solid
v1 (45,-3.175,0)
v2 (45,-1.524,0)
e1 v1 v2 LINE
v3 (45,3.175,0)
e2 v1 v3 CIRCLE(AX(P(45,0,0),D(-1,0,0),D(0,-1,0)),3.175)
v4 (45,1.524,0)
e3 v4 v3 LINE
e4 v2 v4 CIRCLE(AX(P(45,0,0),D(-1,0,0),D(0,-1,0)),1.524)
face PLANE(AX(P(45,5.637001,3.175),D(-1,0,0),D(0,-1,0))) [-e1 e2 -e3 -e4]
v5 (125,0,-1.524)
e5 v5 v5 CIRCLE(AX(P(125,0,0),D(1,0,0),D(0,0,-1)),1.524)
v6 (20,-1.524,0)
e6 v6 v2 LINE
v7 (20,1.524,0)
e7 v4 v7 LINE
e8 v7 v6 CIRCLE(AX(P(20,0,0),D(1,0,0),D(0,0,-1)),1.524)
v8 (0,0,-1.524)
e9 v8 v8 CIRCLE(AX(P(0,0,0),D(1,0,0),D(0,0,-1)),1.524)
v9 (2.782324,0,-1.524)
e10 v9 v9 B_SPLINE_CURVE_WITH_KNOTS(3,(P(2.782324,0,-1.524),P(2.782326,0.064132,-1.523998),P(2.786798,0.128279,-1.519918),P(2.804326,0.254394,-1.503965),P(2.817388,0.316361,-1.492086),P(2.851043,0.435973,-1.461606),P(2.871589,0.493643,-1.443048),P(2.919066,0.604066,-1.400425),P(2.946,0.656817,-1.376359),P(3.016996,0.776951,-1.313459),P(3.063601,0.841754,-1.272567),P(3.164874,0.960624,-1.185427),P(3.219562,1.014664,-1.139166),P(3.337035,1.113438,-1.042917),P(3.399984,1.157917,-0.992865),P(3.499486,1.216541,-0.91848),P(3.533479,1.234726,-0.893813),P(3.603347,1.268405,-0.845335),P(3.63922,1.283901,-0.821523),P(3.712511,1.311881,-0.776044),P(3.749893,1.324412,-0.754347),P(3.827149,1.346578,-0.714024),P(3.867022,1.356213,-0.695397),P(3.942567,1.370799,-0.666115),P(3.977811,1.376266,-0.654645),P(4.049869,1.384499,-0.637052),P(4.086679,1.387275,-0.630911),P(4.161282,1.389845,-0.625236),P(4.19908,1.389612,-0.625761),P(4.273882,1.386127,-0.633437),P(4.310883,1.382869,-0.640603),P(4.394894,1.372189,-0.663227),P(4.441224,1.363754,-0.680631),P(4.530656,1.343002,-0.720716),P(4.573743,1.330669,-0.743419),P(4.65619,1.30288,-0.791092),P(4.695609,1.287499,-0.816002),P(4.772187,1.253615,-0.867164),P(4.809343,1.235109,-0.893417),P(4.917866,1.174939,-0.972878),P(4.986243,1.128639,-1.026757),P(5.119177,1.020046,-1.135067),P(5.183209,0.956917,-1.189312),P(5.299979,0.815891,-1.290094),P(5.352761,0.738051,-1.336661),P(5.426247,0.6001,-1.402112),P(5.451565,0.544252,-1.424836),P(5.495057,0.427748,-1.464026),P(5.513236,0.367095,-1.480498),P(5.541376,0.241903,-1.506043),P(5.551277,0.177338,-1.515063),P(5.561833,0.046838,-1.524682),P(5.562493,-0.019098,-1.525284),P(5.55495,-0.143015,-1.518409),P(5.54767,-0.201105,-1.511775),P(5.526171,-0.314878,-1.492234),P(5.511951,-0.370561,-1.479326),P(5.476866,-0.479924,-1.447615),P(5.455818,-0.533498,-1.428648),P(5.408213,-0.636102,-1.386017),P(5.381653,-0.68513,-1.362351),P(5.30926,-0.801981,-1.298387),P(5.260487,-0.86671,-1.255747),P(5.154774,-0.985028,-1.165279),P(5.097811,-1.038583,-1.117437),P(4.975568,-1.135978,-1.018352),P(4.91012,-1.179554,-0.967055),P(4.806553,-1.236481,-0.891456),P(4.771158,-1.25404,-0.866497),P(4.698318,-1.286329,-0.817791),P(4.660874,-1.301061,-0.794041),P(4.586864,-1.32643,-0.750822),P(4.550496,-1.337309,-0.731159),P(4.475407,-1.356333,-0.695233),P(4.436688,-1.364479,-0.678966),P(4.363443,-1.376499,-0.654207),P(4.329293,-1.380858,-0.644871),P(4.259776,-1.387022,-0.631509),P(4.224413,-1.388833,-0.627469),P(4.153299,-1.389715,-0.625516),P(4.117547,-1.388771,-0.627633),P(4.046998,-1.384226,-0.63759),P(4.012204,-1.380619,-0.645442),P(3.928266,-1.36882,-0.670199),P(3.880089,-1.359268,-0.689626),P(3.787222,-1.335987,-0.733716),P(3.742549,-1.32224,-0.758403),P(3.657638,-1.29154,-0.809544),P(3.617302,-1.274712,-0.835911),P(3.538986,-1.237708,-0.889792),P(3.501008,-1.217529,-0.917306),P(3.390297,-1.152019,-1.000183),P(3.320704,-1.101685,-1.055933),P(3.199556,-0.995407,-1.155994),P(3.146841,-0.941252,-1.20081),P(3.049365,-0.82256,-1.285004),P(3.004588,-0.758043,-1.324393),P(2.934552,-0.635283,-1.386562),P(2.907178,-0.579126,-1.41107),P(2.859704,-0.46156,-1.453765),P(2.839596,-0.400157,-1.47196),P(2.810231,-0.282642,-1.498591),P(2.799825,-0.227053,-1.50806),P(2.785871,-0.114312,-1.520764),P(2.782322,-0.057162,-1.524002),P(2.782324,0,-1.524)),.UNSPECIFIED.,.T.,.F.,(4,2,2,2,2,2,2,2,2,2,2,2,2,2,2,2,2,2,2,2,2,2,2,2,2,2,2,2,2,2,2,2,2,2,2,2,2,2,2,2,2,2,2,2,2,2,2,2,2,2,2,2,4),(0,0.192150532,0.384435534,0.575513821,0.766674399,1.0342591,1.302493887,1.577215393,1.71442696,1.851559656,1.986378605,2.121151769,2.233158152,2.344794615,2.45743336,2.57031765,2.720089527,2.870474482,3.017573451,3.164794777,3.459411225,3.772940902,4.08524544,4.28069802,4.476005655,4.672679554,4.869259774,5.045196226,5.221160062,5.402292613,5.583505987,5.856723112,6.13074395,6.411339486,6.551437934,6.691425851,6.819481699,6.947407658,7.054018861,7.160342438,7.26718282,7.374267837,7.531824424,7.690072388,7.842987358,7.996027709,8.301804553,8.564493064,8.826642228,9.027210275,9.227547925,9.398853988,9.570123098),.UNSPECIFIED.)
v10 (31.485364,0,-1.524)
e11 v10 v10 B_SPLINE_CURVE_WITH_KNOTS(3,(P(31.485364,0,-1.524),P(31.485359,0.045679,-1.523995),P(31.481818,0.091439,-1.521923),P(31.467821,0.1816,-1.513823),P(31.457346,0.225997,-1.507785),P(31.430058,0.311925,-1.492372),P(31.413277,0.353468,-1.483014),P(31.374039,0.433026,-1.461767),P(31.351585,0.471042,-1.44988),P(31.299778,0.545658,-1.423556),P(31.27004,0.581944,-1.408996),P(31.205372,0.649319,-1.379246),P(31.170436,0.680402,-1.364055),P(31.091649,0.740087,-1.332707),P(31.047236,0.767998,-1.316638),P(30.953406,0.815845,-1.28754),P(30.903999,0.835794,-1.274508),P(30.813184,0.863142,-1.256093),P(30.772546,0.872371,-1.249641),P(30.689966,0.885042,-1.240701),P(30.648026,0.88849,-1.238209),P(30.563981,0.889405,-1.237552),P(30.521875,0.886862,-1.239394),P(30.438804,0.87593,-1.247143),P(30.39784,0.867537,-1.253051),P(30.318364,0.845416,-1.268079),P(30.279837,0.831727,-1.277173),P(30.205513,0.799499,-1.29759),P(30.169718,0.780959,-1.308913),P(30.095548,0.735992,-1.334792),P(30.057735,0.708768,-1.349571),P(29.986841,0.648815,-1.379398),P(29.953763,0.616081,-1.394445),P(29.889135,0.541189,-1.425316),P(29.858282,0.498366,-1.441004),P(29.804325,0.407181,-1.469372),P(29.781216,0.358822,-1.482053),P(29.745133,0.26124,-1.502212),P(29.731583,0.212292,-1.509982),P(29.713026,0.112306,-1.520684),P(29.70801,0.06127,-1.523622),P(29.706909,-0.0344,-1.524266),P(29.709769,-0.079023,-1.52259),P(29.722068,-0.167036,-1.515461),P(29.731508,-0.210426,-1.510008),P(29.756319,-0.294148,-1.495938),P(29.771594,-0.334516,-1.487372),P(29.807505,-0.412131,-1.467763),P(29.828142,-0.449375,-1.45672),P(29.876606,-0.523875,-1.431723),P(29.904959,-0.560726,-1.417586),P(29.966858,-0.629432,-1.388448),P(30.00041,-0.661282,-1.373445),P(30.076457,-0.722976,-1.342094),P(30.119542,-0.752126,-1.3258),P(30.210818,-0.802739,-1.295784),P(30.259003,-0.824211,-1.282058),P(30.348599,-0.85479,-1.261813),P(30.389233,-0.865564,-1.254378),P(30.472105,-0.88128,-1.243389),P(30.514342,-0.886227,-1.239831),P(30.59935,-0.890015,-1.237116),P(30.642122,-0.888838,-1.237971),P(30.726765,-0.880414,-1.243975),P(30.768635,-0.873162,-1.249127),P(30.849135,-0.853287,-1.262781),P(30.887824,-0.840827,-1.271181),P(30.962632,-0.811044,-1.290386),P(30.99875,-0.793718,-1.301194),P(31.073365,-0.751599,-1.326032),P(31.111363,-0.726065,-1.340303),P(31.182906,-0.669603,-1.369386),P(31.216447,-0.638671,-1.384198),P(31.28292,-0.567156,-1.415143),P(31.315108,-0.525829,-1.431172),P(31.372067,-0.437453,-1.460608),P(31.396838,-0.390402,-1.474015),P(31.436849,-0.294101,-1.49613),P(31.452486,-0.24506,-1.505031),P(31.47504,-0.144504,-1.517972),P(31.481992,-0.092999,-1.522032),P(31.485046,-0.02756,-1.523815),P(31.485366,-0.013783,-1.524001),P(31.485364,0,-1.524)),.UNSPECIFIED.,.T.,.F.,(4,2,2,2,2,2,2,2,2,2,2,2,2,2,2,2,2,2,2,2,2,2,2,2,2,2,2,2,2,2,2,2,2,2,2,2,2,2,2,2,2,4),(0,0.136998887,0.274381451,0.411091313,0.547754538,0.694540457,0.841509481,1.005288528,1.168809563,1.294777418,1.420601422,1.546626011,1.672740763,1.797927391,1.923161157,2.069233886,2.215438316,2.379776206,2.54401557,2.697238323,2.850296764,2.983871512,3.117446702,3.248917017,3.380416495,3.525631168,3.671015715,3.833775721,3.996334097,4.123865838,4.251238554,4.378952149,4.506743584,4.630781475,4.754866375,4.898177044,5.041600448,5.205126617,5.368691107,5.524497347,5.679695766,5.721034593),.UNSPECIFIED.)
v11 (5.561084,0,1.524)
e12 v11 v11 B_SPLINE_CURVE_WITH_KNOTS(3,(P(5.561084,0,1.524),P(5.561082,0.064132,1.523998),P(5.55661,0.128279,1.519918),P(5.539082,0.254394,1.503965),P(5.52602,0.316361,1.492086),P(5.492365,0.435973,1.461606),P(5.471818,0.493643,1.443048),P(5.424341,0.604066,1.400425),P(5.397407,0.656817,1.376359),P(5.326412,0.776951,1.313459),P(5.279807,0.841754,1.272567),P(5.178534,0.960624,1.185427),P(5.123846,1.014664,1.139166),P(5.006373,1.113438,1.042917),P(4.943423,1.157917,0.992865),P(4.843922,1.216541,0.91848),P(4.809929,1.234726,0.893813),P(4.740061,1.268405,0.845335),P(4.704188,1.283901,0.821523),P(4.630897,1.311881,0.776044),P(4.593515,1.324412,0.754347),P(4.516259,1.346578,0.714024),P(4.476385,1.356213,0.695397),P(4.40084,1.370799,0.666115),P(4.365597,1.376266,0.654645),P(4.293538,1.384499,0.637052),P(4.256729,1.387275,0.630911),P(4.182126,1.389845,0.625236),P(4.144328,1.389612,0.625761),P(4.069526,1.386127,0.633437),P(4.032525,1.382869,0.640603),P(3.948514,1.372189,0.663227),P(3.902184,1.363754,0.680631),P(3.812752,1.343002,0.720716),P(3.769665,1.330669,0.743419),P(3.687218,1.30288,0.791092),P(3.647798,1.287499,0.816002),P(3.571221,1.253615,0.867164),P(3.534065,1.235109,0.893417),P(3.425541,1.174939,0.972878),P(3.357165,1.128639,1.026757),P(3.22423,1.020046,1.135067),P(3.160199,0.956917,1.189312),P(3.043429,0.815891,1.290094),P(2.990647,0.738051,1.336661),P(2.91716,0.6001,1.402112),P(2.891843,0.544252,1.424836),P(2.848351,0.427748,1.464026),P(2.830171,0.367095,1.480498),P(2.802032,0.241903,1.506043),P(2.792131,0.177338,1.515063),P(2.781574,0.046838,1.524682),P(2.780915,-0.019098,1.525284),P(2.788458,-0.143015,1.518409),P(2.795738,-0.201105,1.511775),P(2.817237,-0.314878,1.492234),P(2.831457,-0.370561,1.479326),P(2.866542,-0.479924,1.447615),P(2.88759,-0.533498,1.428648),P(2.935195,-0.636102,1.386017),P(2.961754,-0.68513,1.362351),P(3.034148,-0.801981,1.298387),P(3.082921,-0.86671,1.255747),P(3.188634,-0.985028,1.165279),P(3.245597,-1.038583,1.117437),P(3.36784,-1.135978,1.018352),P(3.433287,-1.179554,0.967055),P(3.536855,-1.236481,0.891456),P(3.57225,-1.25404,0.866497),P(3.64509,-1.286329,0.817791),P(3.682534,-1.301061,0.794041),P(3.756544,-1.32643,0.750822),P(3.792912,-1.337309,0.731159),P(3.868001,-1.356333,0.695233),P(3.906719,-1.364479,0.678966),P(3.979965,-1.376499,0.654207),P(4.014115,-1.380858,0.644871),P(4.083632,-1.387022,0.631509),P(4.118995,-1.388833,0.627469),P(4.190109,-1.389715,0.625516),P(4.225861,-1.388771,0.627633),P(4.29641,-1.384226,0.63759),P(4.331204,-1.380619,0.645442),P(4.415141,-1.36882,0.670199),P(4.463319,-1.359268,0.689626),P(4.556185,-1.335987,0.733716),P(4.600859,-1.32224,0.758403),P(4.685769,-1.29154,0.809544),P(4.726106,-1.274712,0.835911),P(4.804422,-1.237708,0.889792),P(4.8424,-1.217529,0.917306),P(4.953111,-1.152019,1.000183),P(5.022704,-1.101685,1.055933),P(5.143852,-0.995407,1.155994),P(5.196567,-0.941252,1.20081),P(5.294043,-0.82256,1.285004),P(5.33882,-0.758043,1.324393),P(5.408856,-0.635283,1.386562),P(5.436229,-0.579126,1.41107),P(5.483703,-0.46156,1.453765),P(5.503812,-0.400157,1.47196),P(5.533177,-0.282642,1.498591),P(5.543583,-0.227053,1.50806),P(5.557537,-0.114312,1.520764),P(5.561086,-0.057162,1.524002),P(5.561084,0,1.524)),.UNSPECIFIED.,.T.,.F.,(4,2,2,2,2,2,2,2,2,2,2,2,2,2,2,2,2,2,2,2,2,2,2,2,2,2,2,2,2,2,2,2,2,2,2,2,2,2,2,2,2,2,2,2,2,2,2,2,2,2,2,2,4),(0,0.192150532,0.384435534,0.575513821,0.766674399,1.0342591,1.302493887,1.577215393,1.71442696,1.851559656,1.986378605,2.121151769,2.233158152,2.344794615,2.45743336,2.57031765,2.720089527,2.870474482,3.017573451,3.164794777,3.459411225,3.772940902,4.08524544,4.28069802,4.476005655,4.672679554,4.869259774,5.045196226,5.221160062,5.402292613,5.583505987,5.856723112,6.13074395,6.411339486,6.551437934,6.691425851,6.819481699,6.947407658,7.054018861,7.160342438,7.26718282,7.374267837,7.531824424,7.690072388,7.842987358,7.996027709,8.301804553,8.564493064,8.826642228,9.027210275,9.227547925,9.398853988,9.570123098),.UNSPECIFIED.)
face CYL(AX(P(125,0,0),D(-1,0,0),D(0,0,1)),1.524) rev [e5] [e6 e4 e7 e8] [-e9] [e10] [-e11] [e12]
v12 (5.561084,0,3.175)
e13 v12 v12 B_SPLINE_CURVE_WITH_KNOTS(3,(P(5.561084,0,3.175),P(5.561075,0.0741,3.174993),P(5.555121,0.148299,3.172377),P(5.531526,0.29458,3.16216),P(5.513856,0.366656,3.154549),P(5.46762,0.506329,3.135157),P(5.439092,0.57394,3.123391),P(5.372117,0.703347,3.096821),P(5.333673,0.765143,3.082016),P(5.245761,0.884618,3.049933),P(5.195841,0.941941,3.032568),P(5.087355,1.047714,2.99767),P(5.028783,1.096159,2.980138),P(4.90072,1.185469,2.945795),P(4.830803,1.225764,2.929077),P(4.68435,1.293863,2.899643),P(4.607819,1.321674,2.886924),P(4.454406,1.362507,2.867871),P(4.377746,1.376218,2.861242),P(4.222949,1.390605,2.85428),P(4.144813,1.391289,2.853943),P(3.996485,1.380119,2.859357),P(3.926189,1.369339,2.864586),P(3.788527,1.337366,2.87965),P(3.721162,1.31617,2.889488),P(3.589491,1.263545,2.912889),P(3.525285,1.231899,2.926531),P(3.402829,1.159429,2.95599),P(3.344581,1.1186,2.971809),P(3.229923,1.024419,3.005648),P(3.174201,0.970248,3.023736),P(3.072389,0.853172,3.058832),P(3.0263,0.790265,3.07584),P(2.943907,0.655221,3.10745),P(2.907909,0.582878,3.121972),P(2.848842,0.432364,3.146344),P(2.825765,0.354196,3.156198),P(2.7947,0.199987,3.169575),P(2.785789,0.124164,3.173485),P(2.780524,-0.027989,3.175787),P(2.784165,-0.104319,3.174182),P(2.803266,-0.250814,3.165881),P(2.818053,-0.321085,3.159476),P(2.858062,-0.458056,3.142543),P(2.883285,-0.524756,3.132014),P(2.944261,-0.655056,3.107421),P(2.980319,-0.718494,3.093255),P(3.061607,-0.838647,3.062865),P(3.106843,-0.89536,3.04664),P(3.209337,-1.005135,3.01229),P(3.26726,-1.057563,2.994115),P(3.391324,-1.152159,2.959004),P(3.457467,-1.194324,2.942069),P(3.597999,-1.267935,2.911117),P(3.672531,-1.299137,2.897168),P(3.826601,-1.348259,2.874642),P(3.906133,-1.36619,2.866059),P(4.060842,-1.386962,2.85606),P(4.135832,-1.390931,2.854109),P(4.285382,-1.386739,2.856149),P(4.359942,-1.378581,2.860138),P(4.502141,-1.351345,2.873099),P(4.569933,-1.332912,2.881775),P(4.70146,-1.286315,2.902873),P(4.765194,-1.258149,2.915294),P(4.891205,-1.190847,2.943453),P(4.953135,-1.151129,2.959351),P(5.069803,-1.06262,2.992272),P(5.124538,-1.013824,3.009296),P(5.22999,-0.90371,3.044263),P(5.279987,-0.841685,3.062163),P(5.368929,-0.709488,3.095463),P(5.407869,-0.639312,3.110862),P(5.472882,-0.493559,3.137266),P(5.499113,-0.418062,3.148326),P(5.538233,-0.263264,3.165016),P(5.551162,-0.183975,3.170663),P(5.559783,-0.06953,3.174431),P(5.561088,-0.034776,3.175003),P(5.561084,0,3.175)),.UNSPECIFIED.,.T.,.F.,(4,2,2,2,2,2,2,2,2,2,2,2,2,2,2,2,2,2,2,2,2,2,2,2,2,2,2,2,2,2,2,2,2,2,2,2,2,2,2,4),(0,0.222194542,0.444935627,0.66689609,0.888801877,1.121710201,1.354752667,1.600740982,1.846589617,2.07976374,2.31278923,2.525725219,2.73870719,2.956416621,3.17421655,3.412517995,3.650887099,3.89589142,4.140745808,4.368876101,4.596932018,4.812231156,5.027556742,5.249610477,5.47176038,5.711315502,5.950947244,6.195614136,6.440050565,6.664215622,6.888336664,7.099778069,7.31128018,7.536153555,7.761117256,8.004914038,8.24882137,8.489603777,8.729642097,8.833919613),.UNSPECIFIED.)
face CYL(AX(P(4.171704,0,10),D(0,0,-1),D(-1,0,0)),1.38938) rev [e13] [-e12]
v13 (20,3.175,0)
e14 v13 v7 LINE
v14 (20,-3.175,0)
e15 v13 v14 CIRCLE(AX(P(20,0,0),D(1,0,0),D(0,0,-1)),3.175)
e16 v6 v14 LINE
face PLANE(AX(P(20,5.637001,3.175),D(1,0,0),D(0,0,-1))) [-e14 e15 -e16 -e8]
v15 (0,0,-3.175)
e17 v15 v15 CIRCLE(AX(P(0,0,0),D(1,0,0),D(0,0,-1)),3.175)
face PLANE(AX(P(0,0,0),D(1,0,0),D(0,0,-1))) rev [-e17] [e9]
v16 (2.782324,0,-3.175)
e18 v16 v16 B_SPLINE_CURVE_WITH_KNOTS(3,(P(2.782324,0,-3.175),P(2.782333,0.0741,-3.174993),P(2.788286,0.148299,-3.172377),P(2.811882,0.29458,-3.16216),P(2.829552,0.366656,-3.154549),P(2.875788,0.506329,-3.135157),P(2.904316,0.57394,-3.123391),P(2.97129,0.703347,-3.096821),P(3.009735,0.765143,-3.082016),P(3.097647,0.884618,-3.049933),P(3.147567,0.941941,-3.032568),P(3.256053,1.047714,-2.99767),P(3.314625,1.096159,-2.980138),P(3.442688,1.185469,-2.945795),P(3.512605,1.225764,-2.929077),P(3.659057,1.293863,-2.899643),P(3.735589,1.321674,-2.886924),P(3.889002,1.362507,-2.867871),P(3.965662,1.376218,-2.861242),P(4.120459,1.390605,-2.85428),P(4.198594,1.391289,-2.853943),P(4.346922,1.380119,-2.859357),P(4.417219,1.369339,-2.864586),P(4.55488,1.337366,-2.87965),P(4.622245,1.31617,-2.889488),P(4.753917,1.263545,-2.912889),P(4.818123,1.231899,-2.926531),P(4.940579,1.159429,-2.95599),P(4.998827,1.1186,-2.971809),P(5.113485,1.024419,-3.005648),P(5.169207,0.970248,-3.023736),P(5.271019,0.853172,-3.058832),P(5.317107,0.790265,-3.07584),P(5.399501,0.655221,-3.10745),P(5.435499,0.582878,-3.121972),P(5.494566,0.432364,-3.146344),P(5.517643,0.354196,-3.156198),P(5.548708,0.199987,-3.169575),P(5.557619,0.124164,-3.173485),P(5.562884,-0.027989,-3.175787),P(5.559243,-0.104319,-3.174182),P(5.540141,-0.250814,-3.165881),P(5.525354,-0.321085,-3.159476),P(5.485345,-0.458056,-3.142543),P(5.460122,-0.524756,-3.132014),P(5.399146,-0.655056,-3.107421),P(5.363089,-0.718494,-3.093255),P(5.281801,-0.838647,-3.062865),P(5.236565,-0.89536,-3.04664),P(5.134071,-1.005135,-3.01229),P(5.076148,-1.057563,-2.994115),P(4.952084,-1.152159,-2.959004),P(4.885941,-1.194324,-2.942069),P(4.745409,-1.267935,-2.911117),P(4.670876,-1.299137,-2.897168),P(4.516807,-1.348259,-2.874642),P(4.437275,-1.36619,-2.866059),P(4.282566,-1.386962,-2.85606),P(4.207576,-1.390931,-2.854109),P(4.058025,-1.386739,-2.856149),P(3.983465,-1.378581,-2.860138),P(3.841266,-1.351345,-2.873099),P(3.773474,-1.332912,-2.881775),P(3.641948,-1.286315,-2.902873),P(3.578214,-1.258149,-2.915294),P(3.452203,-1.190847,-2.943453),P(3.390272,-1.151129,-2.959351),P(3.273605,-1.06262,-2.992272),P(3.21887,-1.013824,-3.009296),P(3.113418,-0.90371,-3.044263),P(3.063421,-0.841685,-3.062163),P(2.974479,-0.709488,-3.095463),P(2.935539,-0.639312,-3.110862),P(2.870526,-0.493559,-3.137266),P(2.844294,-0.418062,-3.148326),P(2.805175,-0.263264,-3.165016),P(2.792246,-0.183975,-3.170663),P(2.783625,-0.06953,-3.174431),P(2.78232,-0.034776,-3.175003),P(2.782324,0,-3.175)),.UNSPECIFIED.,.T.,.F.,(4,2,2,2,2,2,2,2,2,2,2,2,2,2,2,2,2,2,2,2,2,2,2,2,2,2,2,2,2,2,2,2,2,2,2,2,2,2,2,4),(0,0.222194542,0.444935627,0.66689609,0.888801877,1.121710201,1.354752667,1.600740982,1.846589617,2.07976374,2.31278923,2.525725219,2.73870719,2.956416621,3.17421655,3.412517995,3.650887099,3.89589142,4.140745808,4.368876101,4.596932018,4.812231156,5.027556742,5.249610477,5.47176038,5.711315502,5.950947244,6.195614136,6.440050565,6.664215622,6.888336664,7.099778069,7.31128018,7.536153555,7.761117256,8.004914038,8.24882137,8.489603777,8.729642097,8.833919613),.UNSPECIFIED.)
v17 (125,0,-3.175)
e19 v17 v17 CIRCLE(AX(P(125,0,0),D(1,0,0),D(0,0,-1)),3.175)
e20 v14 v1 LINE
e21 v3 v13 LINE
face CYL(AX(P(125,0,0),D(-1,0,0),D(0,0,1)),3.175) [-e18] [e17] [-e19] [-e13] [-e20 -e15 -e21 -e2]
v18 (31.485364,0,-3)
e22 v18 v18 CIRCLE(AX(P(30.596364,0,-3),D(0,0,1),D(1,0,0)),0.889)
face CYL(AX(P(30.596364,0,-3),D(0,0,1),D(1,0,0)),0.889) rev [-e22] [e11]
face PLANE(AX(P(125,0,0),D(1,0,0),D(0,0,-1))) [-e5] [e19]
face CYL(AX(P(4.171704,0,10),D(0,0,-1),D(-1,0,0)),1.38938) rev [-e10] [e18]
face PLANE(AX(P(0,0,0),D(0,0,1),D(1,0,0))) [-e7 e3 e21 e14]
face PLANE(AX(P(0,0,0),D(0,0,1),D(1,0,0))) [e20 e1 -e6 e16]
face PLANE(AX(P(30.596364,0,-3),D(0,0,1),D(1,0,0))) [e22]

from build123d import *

# Parameters (mm, degrees)
SKETCH1_R                                            = 3.175
SKETCH1_R_2                                          = 1.524
BOSS_EXTRUDE1_DEPTH                                  = 125
F_5_40_HOLE_FOR_SET_SCREW_ATTACHING_SHAFT_DEPTH      = 10
F_5_40_HOLE_FOR_SET_SCREW_ATTACHING_SHAFT_DEPTH_BACK = 10
SKETCH2_R                                            = 1.38938
SKETCH3_W                                            = 25
SKETCH3_H                                            = 14.833516594
CUT_EXTRUDE2_DEPTH                                   = 126.080619107
SKETCH4_R                                            = 0.889
CUT_EXTRUDE3_DEPTH                                   = 3


with BuildPart() as part:
    # Sketch1 → Boss-Extrude1 (new body)
    with BuildSketch(Plane(origin=(0, 0, 0), x_dir=(0, 0, -1), z_dir=(1, 0, 0))):
        Circle(SKETCH1_R)
        Circle(SKETCH1_R_2, mode=Mode.SUBTRACT)
    extrude(amount=BOSS_EXTRUDE1_DEPTH)

    # Sketch2 → 5-40 hole for set screw attaching shaft (cut, two sides: drawn at the far end of the back side and taken through both)
    with BuildSketch(Plane.XY.offset(-F_5_40_HOLE_FOR_SET_SCREW_ATTACHING_SHAFT_DEPTH_BACK)):
        with Locations((4.171703898, 0)):
            Circle(SKETCH2_R)
    extrude(amount=F_5_40_HOLE_FOR_SET_SCREW_ATTACHING_SHAFT_DEPTH + F_5_40_HOLE_FOR_SET_SCREW_ATTACHING_SHAFT_DEPTH_BACK, mode=Mode.SUBTRACT)

    # Sketch3 → Cut-Extrude2 (cut, through all)
    with BuildSketch(Plane.XY):
        with Locations((32.5, -1.779757755)):
            Rectangle(SKETCH3_W, SKETCH3_H)
    extrude(amount=CUT_EXTRUDE2_DEPTH, mode=Mode.SUBTRACT)

    # Sketch4 → Cut-Extrude3 (cut)
    with BuildSketch(Plane.XY):
        with Locations((30.5963642, 0)):
            Circle(SKETCH4_R)
    extrude(amount=-CUT_EXTRUDE3_DEPTH, mode=Mode.SUBTRACT)


solid = part.part
